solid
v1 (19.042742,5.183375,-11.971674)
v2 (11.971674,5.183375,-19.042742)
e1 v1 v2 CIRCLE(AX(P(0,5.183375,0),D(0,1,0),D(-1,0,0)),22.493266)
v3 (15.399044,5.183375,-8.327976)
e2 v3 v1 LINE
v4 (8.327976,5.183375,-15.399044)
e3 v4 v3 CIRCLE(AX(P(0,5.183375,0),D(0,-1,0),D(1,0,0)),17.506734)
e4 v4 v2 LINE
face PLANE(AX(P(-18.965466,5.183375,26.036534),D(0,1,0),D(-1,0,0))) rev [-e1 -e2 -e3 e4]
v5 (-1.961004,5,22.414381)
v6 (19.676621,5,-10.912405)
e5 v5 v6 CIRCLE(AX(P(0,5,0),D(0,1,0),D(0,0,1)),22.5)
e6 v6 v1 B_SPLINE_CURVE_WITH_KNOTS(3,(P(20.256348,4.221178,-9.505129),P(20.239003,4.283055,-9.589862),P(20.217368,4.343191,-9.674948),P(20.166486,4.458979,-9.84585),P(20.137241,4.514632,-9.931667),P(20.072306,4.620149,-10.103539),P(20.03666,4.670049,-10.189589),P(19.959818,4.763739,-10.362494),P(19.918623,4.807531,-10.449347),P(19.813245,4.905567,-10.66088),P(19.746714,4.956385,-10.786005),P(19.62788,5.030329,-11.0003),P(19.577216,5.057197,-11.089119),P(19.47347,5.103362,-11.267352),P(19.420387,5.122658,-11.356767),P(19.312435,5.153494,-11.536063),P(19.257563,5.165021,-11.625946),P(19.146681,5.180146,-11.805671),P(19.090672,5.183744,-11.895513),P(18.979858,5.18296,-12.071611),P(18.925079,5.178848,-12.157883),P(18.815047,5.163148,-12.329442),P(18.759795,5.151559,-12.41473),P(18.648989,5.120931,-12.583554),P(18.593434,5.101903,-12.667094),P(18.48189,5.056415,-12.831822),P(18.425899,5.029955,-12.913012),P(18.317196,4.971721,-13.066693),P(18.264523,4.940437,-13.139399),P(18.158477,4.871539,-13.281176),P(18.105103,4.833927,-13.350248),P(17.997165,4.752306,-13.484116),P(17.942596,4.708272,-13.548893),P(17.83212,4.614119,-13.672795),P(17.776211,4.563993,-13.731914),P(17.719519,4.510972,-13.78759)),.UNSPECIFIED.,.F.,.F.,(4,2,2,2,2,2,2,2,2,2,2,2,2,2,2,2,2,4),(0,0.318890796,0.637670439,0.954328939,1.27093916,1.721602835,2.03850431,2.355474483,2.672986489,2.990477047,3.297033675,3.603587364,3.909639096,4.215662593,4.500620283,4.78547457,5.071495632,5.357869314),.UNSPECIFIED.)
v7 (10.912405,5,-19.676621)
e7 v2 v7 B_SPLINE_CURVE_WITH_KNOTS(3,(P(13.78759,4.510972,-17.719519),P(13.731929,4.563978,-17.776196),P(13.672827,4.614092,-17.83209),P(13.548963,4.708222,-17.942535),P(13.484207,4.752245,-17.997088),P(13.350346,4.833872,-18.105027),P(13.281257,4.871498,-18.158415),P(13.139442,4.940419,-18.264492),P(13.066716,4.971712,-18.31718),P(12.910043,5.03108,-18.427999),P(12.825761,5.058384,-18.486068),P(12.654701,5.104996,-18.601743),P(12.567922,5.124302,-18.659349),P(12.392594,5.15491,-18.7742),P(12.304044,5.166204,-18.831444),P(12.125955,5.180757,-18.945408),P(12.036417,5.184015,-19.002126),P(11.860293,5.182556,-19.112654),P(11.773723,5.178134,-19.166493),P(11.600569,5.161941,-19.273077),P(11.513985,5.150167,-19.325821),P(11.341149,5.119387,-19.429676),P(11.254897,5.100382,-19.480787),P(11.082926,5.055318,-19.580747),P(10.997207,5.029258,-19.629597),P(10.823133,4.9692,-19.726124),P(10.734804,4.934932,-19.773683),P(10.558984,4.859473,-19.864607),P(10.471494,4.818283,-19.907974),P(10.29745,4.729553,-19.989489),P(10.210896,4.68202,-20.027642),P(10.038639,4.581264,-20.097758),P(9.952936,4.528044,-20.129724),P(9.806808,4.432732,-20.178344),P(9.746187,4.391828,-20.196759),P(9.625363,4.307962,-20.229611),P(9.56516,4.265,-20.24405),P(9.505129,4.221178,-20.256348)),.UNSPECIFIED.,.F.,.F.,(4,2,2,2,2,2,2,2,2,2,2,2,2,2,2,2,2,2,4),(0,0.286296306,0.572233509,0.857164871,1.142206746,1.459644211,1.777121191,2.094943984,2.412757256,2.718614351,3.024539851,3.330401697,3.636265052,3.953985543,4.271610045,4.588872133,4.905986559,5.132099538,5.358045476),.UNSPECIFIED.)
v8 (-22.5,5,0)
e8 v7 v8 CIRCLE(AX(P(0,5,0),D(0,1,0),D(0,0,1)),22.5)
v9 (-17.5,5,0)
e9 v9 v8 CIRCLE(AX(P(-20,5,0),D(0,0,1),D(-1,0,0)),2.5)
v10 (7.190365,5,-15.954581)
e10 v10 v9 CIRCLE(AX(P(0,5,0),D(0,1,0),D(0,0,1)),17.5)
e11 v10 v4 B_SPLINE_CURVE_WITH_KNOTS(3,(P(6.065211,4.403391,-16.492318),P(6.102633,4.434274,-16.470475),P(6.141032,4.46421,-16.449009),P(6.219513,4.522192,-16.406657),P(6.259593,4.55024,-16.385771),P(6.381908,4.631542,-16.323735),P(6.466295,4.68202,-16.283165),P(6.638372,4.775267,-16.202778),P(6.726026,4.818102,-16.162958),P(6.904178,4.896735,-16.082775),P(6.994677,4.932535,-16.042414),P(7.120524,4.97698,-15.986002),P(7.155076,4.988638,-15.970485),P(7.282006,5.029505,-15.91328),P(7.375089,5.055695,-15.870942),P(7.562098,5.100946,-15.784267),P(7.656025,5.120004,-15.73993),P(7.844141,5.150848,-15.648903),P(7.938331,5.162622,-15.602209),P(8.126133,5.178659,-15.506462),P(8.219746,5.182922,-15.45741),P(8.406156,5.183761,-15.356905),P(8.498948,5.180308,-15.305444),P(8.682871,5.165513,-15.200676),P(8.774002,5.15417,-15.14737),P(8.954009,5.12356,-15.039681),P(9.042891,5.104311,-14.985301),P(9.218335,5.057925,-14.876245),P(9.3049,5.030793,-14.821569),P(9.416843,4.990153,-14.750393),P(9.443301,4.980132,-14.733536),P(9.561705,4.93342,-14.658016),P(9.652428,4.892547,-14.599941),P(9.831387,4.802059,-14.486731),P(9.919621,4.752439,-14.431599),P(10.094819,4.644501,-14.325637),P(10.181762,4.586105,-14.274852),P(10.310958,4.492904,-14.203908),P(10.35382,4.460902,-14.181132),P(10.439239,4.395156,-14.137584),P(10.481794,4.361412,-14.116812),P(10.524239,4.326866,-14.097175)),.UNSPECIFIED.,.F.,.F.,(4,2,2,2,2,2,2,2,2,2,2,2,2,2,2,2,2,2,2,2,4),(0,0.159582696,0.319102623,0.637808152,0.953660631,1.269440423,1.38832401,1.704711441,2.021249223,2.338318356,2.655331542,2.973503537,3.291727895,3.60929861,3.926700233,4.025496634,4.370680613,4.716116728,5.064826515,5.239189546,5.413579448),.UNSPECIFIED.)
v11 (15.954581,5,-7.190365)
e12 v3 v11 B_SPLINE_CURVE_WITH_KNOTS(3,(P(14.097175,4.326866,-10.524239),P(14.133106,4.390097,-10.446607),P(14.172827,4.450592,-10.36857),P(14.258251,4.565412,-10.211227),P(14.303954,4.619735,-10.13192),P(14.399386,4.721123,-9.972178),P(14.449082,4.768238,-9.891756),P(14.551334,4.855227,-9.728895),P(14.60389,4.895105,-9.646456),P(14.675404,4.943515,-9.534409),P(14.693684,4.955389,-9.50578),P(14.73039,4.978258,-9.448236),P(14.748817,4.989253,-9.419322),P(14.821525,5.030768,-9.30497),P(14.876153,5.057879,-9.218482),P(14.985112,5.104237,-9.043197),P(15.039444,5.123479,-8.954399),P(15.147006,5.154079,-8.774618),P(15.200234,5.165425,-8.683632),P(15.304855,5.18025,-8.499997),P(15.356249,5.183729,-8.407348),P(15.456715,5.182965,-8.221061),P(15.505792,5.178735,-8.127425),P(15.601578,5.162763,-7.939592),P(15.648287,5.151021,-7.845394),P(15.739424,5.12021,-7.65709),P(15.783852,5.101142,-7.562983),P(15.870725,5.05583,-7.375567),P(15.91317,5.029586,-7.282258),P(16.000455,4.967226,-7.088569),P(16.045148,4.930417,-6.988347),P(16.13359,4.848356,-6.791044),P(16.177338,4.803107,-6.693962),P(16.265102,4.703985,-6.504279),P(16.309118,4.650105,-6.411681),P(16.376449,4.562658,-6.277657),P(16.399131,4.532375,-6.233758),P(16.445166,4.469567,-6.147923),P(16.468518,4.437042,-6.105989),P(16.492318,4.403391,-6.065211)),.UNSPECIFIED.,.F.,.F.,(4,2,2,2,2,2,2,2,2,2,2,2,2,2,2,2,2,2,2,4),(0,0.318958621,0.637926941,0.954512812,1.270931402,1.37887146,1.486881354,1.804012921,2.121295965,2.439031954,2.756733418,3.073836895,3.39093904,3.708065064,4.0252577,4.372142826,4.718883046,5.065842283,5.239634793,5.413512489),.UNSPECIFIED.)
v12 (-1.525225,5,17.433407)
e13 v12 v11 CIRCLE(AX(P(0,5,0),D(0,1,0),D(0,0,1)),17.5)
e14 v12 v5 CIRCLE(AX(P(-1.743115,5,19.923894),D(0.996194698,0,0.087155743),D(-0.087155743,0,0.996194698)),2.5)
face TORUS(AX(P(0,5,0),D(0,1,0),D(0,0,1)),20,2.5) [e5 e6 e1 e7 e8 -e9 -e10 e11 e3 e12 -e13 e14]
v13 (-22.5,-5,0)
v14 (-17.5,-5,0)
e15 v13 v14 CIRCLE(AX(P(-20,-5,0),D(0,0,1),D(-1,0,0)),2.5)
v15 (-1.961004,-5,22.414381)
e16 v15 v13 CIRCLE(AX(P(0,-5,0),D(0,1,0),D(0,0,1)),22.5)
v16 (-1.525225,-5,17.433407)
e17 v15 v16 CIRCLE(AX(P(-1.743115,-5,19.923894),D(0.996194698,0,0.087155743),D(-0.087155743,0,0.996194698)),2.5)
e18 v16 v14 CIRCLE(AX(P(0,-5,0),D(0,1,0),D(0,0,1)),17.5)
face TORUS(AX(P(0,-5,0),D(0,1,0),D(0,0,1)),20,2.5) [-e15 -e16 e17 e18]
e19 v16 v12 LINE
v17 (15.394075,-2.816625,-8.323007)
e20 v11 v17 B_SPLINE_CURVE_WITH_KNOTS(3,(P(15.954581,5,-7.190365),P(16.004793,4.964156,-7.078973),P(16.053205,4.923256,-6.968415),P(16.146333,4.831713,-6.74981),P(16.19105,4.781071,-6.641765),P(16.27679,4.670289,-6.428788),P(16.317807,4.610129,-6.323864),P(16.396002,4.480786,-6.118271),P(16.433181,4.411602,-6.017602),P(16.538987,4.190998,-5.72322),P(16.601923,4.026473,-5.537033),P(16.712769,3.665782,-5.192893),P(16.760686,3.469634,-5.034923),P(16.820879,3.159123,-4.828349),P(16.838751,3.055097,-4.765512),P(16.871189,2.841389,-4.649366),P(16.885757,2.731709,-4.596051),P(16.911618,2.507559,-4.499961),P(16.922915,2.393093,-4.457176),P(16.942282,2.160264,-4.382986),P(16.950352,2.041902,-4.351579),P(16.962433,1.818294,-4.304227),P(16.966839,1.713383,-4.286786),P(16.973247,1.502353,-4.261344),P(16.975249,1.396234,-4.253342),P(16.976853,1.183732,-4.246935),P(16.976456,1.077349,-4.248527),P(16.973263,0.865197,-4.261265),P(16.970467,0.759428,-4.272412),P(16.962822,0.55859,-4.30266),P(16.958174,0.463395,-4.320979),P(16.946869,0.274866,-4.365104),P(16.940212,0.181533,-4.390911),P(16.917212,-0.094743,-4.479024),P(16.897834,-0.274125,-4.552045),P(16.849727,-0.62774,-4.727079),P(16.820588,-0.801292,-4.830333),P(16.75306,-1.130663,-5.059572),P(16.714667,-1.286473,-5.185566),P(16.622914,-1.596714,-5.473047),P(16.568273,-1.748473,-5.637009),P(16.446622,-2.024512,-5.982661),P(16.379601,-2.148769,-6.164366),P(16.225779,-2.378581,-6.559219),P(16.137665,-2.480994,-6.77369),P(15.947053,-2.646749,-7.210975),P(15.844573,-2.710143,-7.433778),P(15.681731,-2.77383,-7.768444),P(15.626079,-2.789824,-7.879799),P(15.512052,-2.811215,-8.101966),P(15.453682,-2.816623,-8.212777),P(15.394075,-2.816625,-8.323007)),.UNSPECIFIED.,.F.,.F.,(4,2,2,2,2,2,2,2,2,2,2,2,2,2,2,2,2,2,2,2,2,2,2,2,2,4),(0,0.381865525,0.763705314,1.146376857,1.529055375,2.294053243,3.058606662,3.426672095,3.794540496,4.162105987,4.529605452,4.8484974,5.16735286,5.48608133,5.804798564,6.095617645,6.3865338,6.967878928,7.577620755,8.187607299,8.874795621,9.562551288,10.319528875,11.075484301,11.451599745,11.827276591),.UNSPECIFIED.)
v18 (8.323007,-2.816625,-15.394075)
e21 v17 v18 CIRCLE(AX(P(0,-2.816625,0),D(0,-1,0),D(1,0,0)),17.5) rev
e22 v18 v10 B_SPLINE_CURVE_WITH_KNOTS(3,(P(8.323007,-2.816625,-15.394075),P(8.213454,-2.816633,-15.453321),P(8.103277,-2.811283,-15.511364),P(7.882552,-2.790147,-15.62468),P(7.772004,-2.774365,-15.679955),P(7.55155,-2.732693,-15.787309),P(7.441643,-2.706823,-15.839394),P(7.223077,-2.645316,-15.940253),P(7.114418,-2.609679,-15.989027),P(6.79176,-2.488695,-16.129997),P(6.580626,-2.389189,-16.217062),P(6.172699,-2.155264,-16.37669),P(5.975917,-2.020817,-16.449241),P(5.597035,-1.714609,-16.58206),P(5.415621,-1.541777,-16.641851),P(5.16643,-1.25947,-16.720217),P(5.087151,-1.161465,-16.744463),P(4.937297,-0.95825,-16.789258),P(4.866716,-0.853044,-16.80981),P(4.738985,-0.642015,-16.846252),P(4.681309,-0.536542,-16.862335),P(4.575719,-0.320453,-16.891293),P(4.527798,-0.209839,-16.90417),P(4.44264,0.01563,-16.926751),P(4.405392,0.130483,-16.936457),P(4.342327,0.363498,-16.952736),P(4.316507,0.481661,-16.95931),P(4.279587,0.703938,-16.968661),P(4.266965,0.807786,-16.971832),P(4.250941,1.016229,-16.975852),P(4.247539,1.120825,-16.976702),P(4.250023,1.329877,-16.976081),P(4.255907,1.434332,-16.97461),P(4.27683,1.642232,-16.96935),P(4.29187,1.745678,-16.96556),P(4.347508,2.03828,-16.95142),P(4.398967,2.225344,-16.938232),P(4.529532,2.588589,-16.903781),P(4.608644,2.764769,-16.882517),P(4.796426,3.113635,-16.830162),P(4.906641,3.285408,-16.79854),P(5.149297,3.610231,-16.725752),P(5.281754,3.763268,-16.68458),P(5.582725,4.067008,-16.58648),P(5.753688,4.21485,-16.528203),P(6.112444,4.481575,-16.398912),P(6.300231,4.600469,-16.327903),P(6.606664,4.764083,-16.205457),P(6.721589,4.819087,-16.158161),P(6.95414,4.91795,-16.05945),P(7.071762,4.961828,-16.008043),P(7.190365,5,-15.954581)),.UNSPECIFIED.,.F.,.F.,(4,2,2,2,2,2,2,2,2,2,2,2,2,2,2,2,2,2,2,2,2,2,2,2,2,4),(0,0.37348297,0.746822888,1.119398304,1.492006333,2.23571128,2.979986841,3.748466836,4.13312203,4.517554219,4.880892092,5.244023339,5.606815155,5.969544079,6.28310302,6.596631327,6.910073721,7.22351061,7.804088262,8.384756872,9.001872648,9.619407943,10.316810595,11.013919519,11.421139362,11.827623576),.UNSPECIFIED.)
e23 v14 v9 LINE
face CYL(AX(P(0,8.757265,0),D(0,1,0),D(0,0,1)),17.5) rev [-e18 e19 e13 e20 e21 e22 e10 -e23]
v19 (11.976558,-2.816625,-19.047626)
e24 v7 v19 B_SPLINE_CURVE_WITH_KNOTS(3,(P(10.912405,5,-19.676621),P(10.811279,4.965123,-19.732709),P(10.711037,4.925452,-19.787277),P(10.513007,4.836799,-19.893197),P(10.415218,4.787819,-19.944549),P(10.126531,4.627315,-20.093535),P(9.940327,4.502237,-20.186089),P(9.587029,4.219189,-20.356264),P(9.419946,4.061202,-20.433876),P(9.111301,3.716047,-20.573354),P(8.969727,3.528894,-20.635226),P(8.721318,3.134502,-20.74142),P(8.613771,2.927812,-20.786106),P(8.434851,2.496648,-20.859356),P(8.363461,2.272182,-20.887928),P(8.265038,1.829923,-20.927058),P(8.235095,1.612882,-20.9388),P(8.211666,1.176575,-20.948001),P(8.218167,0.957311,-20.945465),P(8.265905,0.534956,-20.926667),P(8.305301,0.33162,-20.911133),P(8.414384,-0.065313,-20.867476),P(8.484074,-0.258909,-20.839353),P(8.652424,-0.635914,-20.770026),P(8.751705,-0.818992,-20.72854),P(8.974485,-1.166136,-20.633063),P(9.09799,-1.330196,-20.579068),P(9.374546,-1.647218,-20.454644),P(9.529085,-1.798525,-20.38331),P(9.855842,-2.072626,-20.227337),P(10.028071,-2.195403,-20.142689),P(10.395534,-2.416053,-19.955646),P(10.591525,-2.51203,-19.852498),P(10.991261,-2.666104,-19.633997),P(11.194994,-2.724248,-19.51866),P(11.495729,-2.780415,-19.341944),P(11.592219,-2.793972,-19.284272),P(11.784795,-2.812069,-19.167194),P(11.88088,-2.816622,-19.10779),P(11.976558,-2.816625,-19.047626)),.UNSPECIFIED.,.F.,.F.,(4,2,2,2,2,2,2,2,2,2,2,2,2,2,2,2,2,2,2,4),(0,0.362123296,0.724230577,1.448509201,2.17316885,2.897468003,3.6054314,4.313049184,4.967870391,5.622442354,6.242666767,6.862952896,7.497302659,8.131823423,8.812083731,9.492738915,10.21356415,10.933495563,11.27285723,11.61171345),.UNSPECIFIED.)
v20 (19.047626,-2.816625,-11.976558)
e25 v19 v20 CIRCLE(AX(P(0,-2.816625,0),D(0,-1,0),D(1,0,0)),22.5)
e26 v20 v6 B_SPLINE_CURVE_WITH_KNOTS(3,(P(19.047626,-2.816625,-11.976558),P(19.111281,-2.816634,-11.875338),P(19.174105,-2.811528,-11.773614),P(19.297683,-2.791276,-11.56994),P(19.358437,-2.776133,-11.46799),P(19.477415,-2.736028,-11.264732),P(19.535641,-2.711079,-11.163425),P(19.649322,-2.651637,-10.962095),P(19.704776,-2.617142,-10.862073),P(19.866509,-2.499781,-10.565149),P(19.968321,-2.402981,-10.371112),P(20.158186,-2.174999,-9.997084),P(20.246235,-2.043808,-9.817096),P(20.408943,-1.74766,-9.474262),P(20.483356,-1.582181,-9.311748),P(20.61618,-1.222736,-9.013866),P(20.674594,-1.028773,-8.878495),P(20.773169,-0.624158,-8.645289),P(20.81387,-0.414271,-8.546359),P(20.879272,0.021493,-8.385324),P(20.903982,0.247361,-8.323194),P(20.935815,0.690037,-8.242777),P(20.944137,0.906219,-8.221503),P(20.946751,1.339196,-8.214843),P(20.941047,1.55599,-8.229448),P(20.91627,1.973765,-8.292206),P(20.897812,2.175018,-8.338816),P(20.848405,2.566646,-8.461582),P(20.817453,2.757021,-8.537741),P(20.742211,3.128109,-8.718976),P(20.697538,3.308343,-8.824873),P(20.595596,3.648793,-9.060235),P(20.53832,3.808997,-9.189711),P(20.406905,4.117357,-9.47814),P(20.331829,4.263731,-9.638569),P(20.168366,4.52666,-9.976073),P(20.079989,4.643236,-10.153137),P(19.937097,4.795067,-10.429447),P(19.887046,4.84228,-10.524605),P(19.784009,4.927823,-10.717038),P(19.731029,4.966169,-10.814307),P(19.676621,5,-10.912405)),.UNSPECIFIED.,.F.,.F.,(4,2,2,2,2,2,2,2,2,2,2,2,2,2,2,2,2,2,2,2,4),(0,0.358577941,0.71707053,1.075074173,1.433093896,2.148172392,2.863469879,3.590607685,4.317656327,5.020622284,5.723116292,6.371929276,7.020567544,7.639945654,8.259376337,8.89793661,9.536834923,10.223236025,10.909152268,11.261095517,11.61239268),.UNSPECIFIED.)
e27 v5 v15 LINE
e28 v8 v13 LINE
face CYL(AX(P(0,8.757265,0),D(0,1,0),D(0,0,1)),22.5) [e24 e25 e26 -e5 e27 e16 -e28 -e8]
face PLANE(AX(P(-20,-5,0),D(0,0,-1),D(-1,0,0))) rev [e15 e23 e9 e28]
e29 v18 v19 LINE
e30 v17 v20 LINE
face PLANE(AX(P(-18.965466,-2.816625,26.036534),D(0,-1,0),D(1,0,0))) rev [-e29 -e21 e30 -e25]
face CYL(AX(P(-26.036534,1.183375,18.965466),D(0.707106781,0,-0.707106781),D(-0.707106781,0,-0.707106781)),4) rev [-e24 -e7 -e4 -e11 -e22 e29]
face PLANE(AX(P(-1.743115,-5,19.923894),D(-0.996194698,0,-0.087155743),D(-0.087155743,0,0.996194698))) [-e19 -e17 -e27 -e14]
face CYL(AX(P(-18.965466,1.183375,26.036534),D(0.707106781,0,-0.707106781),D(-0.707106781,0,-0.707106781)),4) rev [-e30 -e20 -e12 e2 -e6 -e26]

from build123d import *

# Parameters (mm, degrees)
REVOLVE1_ANGLE     = 275
CUT_EXTRUDE1_REACH = 64.273


with BuildPart() as part:
    # Sketch1 → Revolve1 (revolve)
    with BuildSketch(Plane.XY):
        with BuildLine():
            Line((-22.5, -5), (-22.5, 5))
            ThreePointArc((-22.5, 5), (-20, 7.5), (-17.5, 5))
            Line((-17.5, 5), (-17.5, -5))
            ThreePointArc((-17.5, -5), (-20, -7.5), (-22.5, -5))
        make_face()
    revolve(axis=Axis((0, 8.757264849, 0), (0, -1, 0)), revolution_arc=REVOLVE1_ANGLE)

    # Sketch2 → Cut-Extrude1 (cut, up to next)
    with BuildSketch(Plane(origin=(21.213203436, 0, -21.213203436), x_dir=(-0.7071067811865488, 0, -0.7071067811865462), z_dir=(0.7071067811865462, 0, -0.7071067811865488)), mode=Mode.PRIVATE) as cut_extrude1_sk1:
        with BuildLine():
            Line((-5, 5.18337521), (5, 5.18337521))
            ThreePointArc((5, 5.18337521), (9, 1.18337521), (5, -2.81662479))
            Line((5, -2.81662479), (-5, -2.81662479))
            ThreePointArc((-5, -2.81662479), (-9, 1.18337521), (-5, 5.18337521))
        make_face()
    cut_extrude1_tool1 = extrude(cut_extrude1_sk1.sketch, amount=-CUT_EXTRUDE1_REACH, mode=Mode.PRIVATE) & part.part
    add(cut_extrude1_tool1.solids().sort_by_distance((21.213203, 1.183375, -21.213203))[0], mode=Mode.SUBTRACT)


solid = part.part
